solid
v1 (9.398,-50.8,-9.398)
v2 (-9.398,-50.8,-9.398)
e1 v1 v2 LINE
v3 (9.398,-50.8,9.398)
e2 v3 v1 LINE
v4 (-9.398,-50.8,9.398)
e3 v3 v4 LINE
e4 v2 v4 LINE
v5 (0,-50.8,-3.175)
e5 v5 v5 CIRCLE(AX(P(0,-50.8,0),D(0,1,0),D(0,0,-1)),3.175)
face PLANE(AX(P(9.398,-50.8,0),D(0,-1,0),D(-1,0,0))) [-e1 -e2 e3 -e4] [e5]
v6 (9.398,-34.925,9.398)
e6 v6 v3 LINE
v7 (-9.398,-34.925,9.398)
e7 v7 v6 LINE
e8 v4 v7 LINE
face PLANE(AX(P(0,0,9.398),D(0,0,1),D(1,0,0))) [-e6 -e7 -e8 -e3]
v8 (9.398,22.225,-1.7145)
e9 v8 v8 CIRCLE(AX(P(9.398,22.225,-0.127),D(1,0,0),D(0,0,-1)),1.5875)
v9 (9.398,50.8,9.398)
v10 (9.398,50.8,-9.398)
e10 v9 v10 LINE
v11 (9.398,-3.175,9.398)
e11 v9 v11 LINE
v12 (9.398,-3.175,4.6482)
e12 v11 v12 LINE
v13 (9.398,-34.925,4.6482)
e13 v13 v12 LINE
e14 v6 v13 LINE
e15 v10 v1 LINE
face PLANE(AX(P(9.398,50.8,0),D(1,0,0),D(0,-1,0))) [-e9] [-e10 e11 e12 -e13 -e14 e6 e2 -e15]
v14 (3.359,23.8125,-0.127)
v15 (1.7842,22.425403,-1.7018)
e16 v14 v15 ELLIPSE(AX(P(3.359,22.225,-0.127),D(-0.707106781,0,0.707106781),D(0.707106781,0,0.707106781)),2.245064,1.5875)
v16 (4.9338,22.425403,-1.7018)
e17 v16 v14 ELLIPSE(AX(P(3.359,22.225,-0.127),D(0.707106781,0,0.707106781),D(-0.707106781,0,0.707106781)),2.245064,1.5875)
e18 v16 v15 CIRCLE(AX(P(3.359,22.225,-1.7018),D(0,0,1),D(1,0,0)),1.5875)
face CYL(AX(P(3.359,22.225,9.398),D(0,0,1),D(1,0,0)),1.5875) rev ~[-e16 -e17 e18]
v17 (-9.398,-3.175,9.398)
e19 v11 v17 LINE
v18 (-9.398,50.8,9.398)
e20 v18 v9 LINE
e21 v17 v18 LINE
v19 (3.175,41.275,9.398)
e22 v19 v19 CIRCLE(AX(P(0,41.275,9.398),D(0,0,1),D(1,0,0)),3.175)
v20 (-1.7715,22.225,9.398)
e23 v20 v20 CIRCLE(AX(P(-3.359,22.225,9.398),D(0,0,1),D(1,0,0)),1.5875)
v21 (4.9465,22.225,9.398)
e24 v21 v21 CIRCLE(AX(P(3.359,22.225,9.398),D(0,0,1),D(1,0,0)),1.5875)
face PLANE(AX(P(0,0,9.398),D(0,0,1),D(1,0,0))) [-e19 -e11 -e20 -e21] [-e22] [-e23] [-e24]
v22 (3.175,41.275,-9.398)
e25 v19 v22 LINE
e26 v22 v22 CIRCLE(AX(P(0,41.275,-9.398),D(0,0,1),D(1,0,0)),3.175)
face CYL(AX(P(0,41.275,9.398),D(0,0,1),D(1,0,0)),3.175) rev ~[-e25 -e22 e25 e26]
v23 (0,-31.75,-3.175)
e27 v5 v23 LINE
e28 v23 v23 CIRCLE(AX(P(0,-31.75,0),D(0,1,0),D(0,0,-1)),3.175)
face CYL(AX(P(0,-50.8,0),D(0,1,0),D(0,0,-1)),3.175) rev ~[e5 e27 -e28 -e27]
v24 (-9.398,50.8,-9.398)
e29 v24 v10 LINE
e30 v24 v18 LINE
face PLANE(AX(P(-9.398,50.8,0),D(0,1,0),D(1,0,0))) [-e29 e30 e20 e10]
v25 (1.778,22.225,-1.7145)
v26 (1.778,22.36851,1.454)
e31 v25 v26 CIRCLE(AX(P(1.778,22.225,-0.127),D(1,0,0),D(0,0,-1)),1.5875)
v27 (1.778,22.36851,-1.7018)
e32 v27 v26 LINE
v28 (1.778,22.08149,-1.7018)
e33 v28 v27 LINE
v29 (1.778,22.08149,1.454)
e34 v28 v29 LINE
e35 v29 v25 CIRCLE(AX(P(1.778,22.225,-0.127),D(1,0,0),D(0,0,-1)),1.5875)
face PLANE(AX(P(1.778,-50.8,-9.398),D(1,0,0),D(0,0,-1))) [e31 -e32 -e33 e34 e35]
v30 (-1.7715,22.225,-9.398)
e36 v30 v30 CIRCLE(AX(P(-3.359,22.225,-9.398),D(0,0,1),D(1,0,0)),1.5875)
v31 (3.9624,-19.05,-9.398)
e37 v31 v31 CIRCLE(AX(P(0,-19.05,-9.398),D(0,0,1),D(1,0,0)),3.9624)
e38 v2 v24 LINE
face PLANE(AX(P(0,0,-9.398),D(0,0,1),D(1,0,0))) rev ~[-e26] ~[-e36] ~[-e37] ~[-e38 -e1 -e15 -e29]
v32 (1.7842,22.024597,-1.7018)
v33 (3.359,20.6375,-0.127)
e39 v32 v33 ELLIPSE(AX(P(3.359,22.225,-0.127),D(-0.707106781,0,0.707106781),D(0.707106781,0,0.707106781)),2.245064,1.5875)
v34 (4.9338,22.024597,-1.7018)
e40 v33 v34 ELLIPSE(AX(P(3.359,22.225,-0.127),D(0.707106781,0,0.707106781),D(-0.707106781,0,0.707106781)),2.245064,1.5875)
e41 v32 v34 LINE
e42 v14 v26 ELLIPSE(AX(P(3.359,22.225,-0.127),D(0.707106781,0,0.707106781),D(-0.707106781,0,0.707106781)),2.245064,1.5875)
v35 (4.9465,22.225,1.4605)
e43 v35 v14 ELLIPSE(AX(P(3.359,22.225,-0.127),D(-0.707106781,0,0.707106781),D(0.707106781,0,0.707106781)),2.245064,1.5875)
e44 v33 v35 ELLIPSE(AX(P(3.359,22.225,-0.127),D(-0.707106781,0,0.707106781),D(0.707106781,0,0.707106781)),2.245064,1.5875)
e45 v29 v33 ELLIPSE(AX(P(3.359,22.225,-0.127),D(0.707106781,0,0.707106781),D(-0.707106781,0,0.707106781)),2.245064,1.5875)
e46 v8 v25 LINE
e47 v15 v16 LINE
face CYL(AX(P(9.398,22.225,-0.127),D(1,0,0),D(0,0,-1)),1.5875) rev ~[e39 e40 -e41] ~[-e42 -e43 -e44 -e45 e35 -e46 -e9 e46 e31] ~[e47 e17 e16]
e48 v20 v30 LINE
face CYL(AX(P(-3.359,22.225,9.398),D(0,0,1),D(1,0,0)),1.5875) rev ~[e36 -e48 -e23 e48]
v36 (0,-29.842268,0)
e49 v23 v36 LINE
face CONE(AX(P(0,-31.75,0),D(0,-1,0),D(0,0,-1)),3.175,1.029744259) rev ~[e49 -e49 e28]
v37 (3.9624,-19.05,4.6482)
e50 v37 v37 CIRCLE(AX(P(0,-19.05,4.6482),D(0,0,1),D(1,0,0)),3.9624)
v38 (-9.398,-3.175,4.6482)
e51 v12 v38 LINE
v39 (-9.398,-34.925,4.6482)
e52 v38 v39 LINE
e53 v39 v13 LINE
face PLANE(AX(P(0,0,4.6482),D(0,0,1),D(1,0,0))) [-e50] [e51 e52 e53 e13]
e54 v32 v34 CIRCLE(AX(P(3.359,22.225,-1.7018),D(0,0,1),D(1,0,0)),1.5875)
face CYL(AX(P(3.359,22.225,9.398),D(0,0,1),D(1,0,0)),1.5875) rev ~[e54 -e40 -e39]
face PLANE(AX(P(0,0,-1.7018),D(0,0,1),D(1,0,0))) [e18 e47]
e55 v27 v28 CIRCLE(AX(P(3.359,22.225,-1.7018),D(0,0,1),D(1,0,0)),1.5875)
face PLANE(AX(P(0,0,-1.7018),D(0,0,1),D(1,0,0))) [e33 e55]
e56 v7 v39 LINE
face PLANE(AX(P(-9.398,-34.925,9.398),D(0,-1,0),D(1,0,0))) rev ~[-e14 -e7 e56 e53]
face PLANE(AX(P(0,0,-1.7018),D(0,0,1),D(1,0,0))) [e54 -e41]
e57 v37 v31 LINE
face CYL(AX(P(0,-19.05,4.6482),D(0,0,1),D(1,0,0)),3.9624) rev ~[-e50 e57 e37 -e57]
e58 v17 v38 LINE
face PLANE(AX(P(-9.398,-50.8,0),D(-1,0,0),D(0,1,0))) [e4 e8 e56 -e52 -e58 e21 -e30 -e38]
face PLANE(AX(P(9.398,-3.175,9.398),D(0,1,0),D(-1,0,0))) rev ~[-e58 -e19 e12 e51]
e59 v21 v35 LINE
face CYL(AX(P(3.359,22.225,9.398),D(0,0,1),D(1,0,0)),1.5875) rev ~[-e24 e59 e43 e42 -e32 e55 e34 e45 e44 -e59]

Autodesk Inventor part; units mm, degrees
ref_plane "YZ Plane" through (0, 0, 0) normal (1, 0, 0) x (0, 1, 0)
ref_plane "XZ Plane" through (0, 0, 0) normal (0, 1, 0) x (-1, 0, 0)
ref_plane "XY Plane" through (0, 0, 0) normal (0, 0, 1) x (1, 0, 0)
sketch "Sketch1" plane through (0, 0, 0) normal (0, 0, 1) x (1, 0, 0)
  line L0 (-9.398, 50.8) -> (9.398, 50.8)
  line L1 (9.398, 50.8) -> (9.398, -50.8)
  line L2 (9.398, -50.8) -> (-9.398, -50.8)
  line L3 (-9.398, -50.8) -> (-9.398, 50.8)
  line L4 (-9.398, 50.8) -> (9.398, -50.8) construction
  line L5 (9.398, 50.8) -> (-9.398, -50.8) construction
  point P0 (0, 0)
  dimension "d0" = 18.796
  dimension "d1" = 101.6
extrude "Extrusion1" add sketch "Sketch1" along normal mid plane 18.796
sketch "Sketch2" plane through (0, 0, 9.398) normal (0, 0, 1) x (1, 0, 0)
  line L0 (9.398, -50.8) -> (9.398, 50.8) projected
  line L1 (-9.398, -34.925) -> (9.398, -34.925)
  line L2 (9.398, -34.925) -> (9.398, -3.175)
  line L3 (9.398, -3.175) -> (-9.398, -3.175)
  line L4 (-9.398, -3.175) -> (-9.398, -34.925)
  line L5 (-9.398, -34.925) -> (9.398, -3.175) construction
  line L6 (9.398, -34.925) -> (-9.398, -3.175) construction
  line L7 (-9.398, -50.8) -> (9.398, -50.8) projected
  point P0 (0, 0)
  point P1 (0, -19.05)
  dimension "d4" = 31.75
  dimension "d5" = 15.875
  dimension "d6" = 18.796
extrude "Extrusion3" cut sketch "Sketch2" against normal blind 4.7498
sketch "Sketch3" plane through (0, 0, 4.6482) normal (0, 0, 1) x (1, 0, 0)
  circle A0 centre (0, -19.05) radius 3.9624
  line L0 (9.398, -34.925) -> (-9.398, -34.925) projected
  line L1 (9.398, -3.175) -> (9.398, -34.925) projected
  point P0 (0, 0)
  dimension "d11" = 7.9248
  dimension "d12" = 15.875
  dimension "d13" = 9.398
extrude "Extrusion4" cut sketch "Sketch3" against normal blind 15.24
sketch "Sketch4" plane through (0, 0, 9.398) normal (0, 0, 1) x (1, 0, 0)
  circle A0 centre (0, 41.275) radius 3.175
  line L0 (9.398, 50.8) -> (-9.398, 50.8) projected
  line L1 (9.398, -3.175) -> (9.398, 50.8) projected
  point P0 (0, 0)
  dimension "d16" = 6.35
  dimension "d17" = 9.525
  dimension "d18" = 9.398
extrude "Extrusion5" cut sketch "Sketch4" against normal blind 20.32
sketch "Sketch5" plane through (0, 0, 9.398) normal (0, 0, 1) x (1, 0, 0)
  circle A0 centre (-3.359, 22.225) radius 1.5875
  circle A1 centre (3.359, 22.225) radius 1.5875
  line L0 (9.398, 50.8) -> (-9.398, 50.8) projected
  line L1 (-9.398, 50.8) -> (9.398, 50.8) projected
  line L2 (0, 50.8) -> (0, -50.8) construction
  line L3 (9.398, -50.8) -> (-9.398, -50.8) projected
  circle A2 centre (0, 41.275) radius 3.175 projected
  line L4 (0, 41.275) -> (3.359, 22.225) construction
  line L5 (0, 41.275) -> (-3.359, 22.225) construction
  point P0 (0, 0)
  dimension "d21" = 3.175
  dimension "d22" = 3.175
  dimension "d23" = 28.575
  dimension "d24" = 28.575
  dimension "d25" = 10
  dimension "d26" = 10
extrude "Extrusion6" cut sketch "Sketch5" against normal blind 20.32 contours A0
sketch "Sketch6" plane through (0, 0, 9.398) normal (0, 0, 1) x (1, 0, 0)
  circle A0 centre (-3.359, 22.225) radius 1.5875 projected
  circle A1 centre (0, 41.275) radius 3.175 projected
  circle A2 centre (3.359, 22.225) radius 1.5875
  line L0 (0, 41.275) -> (3.359, 22.225) construction
  line L1 (0, 41.275) -> (0, 8.045) construction
  line L2 (9.398, 50.8) -> (-9.398, 50.8) projected
  point P0 (0, 0)
  dimension "d29" = 3.175
  dimension "d31" = 10
  dimension "d32" = 28.575
extrude "Extrusion7" cut sketch "Sketch6" against normal blind 11.0998 contours A2
sketch "Sketch7" plane through (9.398, -50.8, -9.398) normal (1, 0, 0) x (0, 0, -1)
  line L0 (-18.796, 71.4375) -> (-18.796, 74.6125) projected
  circle A0 centre (-9.271, 73.025) radius 1.5875
  line L1 (0, 101.6) -> (0, 0) projected
  line L2 (-18.796, 101.6) -> (0, 101.6) projected
  point P0 (-9.398, 50.8)
  dimension "d35" = 3.175
  dimension "d36" = 9.271
  dimension "d37" = 28.575
extrude "Extrusion8" cut sketch "Sketch7" against normal blind 7.62
sketch "Sketch9" plane through (-9.398, -50.8, 9.398) normal (0, -1, 0) x (1, 0, 0)
  point P0 (9.398, -9.398)
  point P1 (9.398, -9.398)
hole "Hole1" at (0, -50.8, 0) direction (0, 1, 0) diameter 6.35 depth 19.05 tip angle 118
thread "Thread1" size "1/4-20 UNC" class "2B" standard "ANSI Unified Screw Threads" full length
equation "\"d24\" = d23"
equation "\"d26\" = d25"
properties part number "Standard"
